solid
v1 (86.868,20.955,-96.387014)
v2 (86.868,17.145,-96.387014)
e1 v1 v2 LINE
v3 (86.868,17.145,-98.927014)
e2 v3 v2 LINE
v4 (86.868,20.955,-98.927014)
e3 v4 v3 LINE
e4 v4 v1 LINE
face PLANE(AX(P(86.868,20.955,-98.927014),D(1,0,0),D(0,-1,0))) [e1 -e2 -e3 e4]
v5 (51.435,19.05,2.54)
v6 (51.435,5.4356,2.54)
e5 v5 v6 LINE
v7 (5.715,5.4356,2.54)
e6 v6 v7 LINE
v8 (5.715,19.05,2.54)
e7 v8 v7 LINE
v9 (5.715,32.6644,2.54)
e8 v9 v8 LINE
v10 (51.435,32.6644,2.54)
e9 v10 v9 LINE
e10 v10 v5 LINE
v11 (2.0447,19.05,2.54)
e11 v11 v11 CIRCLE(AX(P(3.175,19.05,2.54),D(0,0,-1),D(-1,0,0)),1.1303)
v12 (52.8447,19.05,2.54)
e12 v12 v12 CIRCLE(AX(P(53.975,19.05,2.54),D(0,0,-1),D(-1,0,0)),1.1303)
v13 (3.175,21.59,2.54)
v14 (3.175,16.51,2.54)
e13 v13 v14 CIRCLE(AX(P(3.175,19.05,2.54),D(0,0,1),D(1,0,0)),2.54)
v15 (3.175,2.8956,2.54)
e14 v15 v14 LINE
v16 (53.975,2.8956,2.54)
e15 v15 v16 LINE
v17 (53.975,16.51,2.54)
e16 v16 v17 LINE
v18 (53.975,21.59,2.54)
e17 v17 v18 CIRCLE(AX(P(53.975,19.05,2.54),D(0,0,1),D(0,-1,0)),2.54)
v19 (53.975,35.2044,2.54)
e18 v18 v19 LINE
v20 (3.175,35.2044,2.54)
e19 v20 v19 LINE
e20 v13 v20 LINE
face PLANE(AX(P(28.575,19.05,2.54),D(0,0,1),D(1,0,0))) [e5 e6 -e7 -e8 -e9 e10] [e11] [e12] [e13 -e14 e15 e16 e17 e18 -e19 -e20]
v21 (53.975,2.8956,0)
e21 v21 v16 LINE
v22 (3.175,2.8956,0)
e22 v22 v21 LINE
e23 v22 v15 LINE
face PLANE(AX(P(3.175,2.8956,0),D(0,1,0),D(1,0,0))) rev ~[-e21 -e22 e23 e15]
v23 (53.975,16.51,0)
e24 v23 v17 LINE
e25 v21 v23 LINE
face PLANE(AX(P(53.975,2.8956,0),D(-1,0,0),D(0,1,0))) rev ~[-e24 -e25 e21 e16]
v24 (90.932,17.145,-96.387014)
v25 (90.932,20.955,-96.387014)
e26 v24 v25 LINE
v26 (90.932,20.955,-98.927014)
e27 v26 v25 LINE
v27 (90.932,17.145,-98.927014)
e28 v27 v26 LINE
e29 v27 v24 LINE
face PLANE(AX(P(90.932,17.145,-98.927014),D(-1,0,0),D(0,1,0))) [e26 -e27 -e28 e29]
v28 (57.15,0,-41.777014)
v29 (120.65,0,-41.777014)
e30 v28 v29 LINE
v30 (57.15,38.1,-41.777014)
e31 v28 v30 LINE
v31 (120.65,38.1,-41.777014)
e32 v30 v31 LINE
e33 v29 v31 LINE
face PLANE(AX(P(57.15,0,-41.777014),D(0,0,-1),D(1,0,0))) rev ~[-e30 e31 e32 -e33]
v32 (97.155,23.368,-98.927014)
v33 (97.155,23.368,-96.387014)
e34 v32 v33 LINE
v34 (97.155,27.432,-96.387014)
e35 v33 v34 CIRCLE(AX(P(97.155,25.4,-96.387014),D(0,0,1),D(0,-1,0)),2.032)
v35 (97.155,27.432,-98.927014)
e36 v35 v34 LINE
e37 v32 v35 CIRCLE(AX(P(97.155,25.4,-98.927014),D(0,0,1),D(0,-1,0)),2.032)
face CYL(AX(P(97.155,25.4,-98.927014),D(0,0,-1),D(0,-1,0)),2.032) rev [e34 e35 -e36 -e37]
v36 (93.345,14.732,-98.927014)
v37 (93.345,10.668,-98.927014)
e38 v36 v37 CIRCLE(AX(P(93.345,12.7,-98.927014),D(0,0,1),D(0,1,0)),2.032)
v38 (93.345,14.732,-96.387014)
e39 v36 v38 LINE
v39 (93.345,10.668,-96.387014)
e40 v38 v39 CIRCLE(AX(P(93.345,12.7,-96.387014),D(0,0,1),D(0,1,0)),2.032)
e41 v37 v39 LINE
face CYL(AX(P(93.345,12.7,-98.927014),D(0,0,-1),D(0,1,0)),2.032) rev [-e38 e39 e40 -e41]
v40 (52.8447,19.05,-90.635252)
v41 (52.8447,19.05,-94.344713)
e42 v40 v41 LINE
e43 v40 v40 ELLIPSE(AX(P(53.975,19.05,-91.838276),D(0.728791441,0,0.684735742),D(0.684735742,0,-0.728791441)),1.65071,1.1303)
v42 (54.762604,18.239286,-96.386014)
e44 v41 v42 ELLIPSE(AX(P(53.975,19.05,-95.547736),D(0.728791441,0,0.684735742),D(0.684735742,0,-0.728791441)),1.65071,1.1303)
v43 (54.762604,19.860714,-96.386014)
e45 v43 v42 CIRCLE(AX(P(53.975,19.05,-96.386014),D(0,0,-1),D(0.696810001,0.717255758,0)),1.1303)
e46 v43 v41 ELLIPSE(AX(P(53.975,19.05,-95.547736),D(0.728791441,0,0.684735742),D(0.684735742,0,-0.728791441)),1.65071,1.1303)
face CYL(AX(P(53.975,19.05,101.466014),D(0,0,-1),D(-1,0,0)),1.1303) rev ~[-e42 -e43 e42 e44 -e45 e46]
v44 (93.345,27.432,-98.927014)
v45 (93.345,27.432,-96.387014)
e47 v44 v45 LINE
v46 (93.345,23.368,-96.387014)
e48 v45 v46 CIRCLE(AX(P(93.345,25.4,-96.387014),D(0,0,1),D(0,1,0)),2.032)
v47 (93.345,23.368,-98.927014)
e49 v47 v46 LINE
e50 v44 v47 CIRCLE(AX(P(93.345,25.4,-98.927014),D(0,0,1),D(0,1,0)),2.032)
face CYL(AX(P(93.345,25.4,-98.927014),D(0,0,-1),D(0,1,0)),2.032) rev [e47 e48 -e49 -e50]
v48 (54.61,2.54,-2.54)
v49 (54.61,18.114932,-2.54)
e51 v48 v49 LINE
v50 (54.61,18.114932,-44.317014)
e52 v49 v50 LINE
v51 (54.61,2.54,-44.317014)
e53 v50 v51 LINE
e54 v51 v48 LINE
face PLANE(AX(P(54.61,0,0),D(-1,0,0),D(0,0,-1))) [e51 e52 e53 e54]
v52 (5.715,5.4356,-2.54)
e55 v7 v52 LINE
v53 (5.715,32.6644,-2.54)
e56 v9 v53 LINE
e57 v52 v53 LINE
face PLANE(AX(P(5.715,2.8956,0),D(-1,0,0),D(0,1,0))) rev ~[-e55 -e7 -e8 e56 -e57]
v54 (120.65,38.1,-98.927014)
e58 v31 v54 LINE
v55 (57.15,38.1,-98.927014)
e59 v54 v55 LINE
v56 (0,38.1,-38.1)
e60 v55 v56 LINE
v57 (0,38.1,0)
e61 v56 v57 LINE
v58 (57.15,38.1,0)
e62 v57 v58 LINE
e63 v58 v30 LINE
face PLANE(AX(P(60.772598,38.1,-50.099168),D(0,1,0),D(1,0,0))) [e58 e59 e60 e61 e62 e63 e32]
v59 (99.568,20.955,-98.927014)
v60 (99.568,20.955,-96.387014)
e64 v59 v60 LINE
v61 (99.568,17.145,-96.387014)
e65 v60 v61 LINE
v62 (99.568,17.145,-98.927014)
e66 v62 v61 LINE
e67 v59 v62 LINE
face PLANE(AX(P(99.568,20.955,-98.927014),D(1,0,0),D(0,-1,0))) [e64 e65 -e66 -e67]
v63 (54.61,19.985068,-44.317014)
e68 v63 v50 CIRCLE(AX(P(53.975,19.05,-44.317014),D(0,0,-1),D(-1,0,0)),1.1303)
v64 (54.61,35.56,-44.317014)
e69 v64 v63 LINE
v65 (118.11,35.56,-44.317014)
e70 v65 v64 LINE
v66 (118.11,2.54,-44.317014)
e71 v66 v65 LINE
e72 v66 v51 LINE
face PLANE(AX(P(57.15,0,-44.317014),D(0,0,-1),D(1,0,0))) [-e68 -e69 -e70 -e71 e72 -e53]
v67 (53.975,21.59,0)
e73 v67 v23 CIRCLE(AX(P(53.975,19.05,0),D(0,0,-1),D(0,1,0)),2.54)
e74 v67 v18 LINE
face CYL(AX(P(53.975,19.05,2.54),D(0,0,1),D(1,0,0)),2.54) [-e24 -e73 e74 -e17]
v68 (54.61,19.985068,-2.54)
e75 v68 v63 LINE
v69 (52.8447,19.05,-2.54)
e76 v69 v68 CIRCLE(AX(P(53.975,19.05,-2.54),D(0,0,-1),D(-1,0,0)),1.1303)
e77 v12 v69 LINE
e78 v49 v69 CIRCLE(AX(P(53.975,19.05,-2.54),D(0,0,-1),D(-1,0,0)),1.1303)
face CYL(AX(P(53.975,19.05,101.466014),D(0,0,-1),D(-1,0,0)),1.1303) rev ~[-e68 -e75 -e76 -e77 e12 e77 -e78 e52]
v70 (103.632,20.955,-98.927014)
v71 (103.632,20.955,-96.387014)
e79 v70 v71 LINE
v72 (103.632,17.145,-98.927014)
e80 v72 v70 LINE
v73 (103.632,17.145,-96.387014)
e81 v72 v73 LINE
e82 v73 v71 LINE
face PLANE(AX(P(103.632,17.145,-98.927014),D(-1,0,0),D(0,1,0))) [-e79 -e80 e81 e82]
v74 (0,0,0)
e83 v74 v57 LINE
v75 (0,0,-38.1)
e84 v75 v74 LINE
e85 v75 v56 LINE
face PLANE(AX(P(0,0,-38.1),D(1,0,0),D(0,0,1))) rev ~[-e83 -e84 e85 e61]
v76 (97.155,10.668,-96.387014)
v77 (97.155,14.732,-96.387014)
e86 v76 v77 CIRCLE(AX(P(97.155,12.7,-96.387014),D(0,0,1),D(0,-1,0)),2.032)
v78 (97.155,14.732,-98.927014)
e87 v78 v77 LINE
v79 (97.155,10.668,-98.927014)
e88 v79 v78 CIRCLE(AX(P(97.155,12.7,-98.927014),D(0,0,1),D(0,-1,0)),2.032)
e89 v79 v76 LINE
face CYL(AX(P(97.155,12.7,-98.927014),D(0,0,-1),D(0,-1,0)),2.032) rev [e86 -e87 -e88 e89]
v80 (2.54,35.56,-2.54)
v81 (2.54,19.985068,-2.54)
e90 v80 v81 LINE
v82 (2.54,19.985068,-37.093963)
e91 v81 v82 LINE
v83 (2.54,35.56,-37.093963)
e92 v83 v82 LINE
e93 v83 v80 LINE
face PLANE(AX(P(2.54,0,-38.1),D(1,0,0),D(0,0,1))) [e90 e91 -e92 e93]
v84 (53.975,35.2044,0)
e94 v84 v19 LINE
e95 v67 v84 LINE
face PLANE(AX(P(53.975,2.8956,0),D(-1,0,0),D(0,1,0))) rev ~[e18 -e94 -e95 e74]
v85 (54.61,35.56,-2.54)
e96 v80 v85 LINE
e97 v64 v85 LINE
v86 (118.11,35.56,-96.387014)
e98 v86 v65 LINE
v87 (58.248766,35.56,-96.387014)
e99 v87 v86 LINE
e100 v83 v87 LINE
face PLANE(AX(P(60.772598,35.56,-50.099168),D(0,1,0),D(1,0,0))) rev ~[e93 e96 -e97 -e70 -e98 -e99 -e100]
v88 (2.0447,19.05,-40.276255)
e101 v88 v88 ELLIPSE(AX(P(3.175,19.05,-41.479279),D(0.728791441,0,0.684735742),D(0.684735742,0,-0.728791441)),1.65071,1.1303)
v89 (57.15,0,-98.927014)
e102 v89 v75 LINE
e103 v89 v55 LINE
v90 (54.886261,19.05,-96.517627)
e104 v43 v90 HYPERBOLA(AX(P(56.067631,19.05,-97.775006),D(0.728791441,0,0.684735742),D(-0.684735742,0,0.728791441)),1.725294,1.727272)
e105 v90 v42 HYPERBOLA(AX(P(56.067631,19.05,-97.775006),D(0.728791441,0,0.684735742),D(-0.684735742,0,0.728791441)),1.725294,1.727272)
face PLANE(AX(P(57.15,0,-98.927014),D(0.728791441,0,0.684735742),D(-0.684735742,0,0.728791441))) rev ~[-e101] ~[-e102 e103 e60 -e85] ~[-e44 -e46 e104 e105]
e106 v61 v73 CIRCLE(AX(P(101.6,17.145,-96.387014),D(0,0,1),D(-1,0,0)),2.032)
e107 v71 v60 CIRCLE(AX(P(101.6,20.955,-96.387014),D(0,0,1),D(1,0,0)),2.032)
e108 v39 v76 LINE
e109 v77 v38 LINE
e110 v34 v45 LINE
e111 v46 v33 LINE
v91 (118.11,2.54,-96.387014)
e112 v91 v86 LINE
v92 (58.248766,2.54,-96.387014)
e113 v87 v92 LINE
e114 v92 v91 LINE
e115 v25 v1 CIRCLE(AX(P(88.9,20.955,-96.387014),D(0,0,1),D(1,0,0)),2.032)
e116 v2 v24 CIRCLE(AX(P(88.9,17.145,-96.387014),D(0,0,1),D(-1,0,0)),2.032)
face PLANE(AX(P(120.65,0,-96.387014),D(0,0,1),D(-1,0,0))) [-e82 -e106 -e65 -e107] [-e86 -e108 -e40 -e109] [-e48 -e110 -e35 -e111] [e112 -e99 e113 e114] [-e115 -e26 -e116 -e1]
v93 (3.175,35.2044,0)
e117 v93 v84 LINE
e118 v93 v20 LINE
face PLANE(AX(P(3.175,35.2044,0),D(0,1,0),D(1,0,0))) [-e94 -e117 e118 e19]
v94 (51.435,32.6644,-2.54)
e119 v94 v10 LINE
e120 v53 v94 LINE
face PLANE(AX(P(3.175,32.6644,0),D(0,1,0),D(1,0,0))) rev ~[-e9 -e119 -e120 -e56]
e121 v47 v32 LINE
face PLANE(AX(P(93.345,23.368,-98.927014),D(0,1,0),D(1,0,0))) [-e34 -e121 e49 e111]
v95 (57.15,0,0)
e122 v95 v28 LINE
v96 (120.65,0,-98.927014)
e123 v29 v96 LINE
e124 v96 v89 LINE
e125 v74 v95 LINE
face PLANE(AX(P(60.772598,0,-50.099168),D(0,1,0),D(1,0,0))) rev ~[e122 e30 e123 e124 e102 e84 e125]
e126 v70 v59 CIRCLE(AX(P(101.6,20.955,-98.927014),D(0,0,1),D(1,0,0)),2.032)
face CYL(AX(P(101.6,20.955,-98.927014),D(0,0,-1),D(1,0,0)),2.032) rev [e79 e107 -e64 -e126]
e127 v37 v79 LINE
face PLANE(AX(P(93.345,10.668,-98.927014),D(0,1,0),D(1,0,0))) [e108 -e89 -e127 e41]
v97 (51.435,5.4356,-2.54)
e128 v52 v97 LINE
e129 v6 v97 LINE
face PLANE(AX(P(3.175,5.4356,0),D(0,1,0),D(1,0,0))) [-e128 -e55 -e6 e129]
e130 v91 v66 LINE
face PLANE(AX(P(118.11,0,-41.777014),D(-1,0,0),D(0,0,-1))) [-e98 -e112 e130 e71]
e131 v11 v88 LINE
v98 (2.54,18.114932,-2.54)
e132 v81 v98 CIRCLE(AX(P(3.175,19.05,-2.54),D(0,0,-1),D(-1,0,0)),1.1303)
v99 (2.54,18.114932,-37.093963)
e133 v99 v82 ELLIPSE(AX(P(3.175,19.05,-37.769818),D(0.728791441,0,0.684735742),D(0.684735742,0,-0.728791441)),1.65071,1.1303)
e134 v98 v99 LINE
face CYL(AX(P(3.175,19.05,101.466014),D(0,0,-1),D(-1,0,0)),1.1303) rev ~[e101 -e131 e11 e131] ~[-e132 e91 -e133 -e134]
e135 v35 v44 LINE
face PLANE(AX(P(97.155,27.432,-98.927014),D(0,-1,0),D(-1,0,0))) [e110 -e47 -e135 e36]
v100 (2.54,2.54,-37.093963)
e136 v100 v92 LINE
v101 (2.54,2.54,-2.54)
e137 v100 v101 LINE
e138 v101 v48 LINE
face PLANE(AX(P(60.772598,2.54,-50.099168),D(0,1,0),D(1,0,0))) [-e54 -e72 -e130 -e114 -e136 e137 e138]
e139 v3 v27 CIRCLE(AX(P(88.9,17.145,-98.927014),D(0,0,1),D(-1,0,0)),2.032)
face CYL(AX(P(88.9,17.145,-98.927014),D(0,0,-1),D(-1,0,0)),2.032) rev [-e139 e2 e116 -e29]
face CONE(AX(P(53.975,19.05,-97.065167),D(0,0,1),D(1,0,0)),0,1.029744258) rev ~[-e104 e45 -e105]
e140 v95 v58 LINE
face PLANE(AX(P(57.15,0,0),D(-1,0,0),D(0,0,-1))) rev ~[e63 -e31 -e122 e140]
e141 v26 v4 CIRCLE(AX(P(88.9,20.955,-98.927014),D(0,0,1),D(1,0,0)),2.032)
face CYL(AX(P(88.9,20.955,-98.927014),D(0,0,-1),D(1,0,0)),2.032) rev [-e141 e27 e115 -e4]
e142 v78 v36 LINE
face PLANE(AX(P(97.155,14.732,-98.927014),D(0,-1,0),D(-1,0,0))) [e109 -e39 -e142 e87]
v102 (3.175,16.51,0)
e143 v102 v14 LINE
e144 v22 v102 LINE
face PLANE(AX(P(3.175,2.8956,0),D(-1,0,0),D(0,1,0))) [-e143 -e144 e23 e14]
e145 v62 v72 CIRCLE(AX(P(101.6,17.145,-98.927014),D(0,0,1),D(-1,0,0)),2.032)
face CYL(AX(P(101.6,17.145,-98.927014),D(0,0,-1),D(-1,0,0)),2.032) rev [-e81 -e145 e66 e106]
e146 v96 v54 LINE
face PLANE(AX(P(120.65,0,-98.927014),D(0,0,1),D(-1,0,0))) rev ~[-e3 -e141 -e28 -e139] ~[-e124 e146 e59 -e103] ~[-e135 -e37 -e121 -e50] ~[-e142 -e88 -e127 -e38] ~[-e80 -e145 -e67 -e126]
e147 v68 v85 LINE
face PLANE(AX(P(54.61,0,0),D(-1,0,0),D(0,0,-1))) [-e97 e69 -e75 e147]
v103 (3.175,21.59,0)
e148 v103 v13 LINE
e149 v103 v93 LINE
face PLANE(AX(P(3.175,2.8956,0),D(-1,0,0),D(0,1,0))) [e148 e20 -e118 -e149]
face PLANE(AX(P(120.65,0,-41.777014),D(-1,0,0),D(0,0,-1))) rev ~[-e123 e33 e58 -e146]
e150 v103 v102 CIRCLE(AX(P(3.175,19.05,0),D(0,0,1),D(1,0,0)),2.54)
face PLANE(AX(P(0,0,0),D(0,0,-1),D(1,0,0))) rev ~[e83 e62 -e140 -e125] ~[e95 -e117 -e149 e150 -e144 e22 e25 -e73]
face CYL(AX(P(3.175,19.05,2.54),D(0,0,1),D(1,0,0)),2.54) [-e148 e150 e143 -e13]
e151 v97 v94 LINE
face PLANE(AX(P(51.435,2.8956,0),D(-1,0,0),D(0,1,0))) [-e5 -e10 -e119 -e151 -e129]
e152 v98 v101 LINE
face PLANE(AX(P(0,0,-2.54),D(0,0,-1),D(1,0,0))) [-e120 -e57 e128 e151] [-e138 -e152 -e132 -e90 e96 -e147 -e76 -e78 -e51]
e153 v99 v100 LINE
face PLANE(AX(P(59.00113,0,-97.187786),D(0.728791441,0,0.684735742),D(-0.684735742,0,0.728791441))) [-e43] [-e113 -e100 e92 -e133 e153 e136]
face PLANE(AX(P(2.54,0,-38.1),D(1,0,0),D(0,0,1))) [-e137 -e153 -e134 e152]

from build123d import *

# Parameters (mm, degrees)
BOSS_EXTRUDE1_DEPTH       = 38.1
SKETCH3_W                 = 50.8
SKETCH3_H                 = 32.3088
BOSS_EXTRUDE2_DEPTH       = 2.54
SHELL2_T                  = -2.54
SKETCH5_R                 = 2.54
BOSS_EXTRUDE3_DEPTH       = 2.54
F_4_40_TAPPED_HOLE1_D     = 2.2606
F_4_40_TAPPED_HOLE1_DEPTH = 98.926014438
F_4_40_TAPPED_HOLE1_TIP   = 0.679152758
CUT_EXTRUDE1_DEPTH        = 2.54
CIRPATTERN1_COUNT         = 4


with BuildPart() as part:
    # Sketch1 → Boss-Extrude1 (new body)
    with BuildSketch(Plane(origin=(0, 0, 0), x_dir=(1, 0, 0), z_dir=(0, 1, 0))):
        Polygon((0, 0), (57.15, 0), (57.15, 41.777014438), (120.65, 41.777014438), (120.65, 98.927014438), (57.15, 98.927014438), (0, 38.1), align=None)
    extrude(amount=BOSS_EXTRUDE1_DEPTH)

    # Sketch3 → Boss-Extrude2 (add)
    with BuildSketch(Plane.XY):
        with Locations((28.575, 19.05)):
            Rectangle(SKETCH3_W, SKETCH3_H)
    extrude(amount=BOSS_EXTRUDE2_DEPTH)

    # Shell2
    shell2_openings = [part.faces().sort_by_distance(p)[0] for p in [
        (28.575, 19.05, 2.54),
    ]]
    offset(amount=SHELL2_T, openings=shell2_openings, kind=Kind.INTERSECTION)

    # Sketch5 → Boss-Extrude3 (add)
    with BuildSketch(Plane.XY.offset(2.54)):
        with Locations((3.175, 19.05)):
            Circle(SKETCH5_R)
        with Locations((53.975, 19.05)):
            Circle(SKETCH5_R)
    extrude(amount=-BOSS_EXTRUDE3_DEPTH)

    # #4-40 Tapped Hole1
    with Locations(Plane(origin=(53.975, 19.05, 2.54), x_dir=(1, 0, 0), z_dir=(0, 0, 1))):
        with Locations((0, 0), (-50.8, 0)):
            Hole(F_4_40_TAPPED_HOLE1_D / 2, depth=F_4_40_TAPPED_HOLE1_DEPTH)
            with Locations((0, 0, -(F_4_40_TAPPED_HOLE1_DEPTH + F_4_40_TAPPED_HOLE1_TIP / 2))):  # 118° drill point
                Cone(0, F_4_40_TAPPED_HOLE1_D / 2, F_4_40_TAPPED_HOLE1_TIP, mode=Mode.SUBTRACT)

    # single button hole → Cut-Extrude1 (cut)
    with BuildSketch(Plane(origin=(0, 0, -98.927014438), x_dir=(-1, 0, 0), z_dir=(0, 0, -1))):
        with BuildLine():
            Line((-93.345, 10.668), (-97.155, 10.668))
            ThreePointArc((-97.155, 10.668), (-99.187, 12.7), (-97.155, 14.732))
            Line((-97.155, 14.732), (-93.345, 14.732))
            ThreePointArc((-93.345, 14.732), (-91.313, 12.7), (-93.345, 10.668))
        make_face()
    cut_extrude1 = extrude(amount=-CUT_EXTRUDE1_DEPTH, mode=Mode.SUBTRACT)

    # CirPattern1: Cut-Extrude1 ×4 about axis
    cirpattern1_axis = Axis((95.25, 19.05, 0), (0, 0, 1))
    for i in range(1, CIRPATTERN1_COUNT):
        add(cut_extrude1.rotate(cirpattern1_axis, i * 360 / CIRPATTERN1_COUNT), mode=Mode.SUBTRACT)


solid = part.part
